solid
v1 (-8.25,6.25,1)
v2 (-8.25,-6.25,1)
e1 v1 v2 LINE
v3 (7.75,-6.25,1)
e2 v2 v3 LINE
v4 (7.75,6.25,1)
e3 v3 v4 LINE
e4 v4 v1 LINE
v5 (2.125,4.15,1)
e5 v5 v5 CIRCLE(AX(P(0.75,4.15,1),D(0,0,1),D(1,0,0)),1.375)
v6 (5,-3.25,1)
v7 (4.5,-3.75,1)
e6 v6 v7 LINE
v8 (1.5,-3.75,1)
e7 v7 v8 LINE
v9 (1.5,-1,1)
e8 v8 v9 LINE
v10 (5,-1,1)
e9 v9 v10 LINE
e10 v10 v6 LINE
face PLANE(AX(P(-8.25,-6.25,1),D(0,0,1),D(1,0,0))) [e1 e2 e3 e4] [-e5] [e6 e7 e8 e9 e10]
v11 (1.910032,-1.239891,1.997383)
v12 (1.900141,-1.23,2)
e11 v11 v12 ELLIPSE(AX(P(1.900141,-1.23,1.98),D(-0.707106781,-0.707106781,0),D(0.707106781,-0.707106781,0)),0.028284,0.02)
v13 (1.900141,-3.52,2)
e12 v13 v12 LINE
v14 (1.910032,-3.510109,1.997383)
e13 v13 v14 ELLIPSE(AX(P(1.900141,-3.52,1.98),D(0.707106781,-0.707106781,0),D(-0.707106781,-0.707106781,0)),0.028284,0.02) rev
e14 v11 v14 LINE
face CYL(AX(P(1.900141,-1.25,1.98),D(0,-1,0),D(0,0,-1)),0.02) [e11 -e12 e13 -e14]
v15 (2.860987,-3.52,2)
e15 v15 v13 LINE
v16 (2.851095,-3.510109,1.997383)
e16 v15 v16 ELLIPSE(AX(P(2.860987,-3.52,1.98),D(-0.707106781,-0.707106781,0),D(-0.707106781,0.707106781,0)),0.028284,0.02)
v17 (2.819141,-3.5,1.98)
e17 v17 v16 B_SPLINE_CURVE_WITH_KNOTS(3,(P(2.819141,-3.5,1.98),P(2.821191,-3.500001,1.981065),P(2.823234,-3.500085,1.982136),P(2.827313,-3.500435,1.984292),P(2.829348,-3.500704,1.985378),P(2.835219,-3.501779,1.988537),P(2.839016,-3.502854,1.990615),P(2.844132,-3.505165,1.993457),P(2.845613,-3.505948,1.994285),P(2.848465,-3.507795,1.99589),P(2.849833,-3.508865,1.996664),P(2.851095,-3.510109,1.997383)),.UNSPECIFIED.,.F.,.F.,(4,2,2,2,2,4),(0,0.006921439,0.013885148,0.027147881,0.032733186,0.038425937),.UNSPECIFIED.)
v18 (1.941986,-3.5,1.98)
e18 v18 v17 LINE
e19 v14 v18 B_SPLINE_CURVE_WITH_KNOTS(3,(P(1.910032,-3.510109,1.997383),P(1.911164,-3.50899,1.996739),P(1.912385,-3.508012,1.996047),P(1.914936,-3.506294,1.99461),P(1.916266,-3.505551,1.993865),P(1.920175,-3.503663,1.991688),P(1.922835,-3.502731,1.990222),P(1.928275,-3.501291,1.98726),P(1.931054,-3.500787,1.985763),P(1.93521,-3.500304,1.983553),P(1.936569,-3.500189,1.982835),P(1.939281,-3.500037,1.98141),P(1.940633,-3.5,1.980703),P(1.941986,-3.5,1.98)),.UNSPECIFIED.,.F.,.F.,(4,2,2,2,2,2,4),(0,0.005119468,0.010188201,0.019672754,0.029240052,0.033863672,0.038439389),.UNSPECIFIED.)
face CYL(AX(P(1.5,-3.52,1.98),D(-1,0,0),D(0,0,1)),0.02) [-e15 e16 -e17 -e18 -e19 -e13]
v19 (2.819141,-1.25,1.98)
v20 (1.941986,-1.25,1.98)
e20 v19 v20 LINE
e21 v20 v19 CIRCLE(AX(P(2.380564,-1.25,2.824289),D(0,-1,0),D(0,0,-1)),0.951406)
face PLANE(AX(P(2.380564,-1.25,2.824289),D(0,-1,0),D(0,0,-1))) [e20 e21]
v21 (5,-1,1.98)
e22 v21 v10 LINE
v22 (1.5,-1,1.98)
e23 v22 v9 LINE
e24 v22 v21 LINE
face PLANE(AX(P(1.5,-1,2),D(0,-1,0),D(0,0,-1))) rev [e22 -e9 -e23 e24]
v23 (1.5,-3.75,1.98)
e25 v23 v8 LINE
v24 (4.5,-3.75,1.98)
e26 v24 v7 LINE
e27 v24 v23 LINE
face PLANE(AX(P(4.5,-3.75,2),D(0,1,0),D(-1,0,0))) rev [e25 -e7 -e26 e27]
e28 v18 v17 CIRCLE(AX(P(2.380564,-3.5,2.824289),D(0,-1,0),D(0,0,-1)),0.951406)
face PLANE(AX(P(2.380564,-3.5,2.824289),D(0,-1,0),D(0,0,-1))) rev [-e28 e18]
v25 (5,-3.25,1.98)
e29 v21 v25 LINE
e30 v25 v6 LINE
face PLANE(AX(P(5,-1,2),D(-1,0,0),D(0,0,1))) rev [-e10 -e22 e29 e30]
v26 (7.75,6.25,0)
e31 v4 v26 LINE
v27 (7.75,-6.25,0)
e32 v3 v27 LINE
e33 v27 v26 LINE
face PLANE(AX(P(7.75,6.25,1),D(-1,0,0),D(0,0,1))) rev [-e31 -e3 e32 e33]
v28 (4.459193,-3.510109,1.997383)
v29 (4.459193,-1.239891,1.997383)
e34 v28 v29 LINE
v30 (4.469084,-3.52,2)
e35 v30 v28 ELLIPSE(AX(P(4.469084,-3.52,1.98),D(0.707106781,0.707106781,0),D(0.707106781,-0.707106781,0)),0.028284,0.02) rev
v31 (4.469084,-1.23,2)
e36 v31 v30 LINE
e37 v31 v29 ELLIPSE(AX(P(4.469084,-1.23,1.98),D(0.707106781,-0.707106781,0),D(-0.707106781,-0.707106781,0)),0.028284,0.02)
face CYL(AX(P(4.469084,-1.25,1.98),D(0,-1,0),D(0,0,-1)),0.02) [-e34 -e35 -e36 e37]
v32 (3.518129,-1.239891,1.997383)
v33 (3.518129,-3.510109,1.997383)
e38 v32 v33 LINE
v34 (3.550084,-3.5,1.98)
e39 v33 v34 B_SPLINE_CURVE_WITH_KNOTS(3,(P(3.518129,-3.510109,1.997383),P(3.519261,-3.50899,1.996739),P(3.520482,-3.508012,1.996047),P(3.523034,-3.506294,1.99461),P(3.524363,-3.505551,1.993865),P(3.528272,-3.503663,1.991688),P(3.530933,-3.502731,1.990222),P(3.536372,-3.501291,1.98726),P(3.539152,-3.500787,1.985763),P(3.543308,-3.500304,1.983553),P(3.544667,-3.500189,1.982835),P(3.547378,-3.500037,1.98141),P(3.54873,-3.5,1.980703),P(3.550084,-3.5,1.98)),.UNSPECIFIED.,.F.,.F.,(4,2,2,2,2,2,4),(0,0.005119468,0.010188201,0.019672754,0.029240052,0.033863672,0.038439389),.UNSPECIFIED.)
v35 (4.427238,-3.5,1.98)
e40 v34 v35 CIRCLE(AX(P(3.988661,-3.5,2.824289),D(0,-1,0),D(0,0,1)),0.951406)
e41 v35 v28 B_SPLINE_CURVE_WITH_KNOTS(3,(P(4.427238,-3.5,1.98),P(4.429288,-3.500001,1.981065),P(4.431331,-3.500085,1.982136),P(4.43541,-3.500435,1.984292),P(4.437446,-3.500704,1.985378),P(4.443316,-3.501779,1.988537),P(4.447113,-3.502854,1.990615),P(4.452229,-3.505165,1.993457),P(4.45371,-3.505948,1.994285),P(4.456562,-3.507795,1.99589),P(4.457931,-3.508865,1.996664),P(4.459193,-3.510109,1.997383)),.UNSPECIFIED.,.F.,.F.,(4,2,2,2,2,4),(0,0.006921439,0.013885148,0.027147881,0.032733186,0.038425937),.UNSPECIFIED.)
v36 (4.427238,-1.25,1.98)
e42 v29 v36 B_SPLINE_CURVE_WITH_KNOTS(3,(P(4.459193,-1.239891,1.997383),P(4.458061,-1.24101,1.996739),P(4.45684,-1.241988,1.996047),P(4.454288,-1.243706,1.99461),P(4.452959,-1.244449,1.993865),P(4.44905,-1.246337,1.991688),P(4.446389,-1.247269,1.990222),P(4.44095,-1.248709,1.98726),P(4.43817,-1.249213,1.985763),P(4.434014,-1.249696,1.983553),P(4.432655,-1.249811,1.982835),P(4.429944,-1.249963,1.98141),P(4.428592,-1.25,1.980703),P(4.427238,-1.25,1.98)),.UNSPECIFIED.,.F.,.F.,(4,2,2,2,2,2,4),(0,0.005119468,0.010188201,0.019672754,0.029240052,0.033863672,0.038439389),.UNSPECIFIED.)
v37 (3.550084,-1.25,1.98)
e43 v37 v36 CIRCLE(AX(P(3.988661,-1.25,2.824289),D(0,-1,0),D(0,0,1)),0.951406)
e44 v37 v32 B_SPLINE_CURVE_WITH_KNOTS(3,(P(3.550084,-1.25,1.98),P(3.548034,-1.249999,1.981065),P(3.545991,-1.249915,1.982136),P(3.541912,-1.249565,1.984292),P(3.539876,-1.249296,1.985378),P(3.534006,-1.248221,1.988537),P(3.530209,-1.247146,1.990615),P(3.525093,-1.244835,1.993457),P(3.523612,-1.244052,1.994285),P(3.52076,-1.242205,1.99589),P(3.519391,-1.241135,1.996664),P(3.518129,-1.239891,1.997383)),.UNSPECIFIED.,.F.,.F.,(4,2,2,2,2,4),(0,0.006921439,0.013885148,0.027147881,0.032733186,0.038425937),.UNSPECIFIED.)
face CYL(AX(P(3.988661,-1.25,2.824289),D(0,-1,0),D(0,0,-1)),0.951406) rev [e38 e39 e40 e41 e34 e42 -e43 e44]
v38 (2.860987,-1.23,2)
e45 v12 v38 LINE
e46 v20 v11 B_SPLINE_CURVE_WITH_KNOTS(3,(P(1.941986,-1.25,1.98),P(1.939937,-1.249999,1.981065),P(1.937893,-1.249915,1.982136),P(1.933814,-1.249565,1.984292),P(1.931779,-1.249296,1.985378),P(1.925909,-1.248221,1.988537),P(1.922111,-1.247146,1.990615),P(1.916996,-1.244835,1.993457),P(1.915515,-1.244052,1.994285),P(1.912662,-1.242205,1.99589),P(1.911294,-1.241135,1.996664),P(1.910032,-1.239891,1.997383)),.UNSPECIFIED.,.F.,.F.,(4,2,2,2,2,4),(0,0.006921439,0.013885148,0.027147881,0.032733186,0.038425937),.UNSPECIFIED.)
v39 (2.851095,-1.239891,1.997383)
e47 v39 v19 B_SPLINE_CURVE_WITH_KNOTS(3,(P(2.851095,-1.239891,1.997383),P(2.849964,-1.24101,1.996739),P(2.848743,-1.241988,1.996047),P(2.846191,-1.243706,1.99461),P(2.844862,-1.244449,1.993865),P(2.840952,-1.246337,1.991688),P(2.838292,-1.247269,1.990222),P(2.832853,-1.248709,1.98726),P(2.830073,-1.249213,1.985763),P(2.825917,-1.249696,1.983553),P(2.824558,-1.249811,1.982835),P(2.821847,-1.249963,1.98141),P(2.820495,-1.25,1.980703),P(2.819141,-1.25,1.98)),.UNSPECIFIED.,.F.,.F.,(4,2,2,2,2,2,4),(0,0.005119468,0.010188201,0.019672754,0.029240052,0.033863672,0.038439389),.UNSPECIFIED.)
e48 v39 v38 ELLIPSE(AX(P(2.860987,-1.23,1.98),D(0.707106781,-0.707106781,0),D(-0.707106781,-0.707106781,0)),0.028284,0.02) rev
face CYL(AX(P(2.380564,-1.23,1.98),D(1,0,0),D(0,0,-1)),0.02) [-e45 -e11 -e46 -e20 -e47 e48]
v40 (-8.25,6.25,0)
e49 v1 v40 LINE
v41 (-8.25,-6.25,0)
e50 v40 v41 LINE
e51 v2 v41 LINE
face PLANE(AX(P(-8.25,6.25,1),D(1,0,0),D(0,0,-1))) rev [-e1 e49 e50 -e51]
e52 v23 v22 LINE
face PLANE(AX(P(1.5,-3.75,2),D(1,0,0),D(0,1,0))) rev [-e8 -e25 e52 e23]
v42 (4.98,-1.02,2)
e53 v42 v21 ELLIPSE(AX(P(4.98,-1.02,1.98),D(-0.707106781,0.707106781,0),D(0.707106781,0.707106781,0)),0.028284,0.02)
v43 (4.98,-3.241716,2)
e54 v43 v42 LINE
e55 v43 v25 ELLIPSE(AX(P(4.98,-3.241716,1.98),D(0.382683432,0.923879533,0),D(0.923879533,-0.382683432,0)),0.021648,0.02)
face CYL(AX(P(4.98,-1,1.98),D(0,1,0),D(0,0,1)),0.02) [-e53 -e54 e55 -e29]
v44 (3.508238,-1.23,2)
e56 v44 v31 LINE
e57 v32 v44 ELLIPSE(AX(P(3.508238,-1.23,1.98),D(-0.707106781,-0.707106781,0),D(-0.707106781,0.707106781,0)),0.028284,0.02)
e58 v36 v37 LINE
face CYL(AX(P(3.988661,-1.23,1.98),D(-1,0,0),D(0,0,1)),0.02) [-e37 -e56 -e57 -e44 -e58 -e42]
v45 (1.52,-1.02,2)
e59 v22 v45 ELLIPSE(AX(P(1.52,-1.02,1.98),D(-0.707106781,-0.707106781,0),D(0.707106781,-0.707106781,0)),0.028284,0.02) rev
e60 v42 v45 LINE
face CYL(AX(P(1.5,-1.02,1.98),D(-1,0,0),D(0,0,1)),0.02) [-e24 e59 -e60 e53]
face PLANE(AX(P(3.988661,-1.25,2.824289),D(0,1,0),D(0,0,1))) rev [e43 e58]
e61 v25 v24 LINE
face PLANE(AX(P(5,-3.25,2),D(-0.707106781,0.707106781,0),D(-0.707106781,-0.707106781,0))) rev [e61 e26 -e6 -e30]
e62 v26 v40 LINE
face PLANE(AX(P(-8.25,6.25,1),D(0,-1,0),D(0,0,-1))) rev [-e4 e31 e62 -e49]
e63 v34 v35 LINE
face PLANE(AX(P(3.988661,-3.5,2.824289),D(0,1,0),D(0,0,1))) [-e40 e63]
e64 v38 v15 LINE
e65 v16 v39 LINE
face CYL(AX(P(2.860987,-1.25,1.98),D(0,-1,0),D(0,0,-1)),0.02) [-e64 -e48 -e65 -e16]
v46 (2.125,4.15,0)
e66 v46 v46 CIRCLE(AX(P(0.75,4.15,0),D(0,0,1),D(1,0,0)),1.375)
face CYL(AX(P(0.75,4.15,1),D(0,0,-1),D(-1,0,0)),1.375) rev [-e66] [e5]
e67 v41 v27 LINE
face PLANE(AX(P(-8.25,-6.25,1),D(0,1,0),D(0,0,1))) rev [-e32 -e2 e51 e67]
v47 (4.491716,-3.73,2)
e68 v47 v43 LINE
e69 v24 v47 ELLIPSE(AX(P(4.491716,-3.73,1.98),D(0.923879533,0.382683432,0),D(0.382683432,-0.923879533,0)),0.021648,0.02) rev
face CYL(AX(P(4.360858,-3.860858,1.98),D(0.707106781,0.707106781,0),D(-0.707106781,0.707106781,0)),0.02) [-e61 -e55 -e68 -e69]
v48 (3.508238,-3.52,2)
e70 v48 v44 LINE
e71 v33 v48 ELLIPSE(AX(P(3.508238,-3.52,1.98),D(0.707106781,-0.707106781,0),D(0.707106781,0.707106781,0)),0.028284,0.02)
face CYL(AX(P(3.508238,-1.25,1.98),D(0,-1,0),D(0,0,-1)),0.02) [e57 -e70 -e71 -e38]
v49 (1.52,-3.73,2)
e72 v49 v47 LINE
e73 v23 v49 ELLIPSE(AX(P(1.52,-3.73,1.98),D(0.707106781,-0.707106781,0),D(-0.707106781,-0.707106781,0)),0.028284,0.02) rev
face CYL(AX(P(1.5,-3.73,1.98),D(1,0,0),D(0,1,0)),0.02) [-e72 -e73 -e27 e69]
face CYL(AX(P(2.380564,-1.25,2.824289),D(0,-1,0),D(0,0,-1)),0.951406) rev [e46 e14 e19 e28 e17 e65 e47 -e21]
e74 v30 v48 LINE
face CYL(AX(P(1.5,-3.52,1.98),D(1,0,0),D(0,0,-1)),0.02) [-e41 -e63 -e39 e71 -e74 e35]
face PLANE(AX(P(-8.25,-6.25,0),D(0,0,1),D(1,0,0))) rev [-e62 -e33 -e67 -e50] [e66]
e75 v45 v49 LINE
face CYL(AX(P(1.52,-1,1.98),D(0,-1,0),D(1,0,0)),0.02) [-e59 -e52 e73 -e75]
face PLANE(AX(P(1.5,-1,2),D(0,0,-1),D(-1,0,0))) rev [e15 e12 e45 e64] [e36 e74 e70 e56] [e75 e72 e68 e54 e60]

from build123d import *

# Parameters (mm, degrees)
ESQUISSE1_W             = 16
ESQUISSE1_H             = 12.5
ESQUISSE1_R             = 1.375
EXTRUSION1_DEPTH        = 1
EXTRUSION2_DEPTH        = 2
ENL_V_MAT_EXTRU_1_DEPTH = 2.25
CONG_1_R                = 0.02


with BuildPart() as part:
    # Esquisse1 → Extrusion1 (new body)
    with BuildSketch(Plane.XY):
        with Locations((-0.25, 0)):
            Rectangle(ESQUISSE1_W, ESQUISSE1_H)
        with Locations((0.75, 4.15)):
            Circle(ESQUISSE1_R, mode=Mode.SUBTRACT)
    extrude(amount=EXTRUSION1_DEPTH)

    # Esquisse3 → Extrusion2 (add)
    with BuildSketch(Plane.XY):
        Polygon((1.5, -1), (5, -1), (5, -3.25), (4.5, -3.75), (1.5, -3.75), align=None)
    extrude(amount=EXTRUSION2_DEPTH)

    # Esquisse4 → Enlèv. mat.-Extru.1 (cut)
    with BuildSketch(Plane.XZ.offset(3.5)):
        with BuildLine():
            Line((1.905461948, 2), (2.855665367, 2))
            ThreePointArc((2.855665367, 2), (2.380563657, 1.872882694), (1.905461948, 2))
        make_face()
        with BuildLine():
            Line((4.463762682, 2), (3.513559263, 2))
            ThreePointArc((3.513559263, 2), (3.988660973, 1.872882694), (4.463762682, 2))
        make_face()
    extrude(amount=-ENL_V_MAT_EXTRU_1_DEPTH, mode=Mode.SUBTRACT)

    # Congé1
    cong_1_edges = [part.edges().sort_by_distance(p)[0] for p in [
        (3.25, -1, 2),
        (5, -2.125, 2),
        (4.75, -3.5, 2),
        (3, -3.75, 2),
        (1.5, -2.375, 2),
        (3.988660973, -3.5, 2),
        (3.513559263, -2.375, 2),
        (3.988660973, -1.25, 2),
        (4.463762682, -2.375, 2),
        (1.905461948, -2.375, 2),
        (2.380563657, -1.25, 2),
        (2.855665367, -2.375, 2),
        (2.380563657, -3.5, 2),
    ]]
    fillet(cong_1_edges, radius=CONG_1_R)


solid = part.part
